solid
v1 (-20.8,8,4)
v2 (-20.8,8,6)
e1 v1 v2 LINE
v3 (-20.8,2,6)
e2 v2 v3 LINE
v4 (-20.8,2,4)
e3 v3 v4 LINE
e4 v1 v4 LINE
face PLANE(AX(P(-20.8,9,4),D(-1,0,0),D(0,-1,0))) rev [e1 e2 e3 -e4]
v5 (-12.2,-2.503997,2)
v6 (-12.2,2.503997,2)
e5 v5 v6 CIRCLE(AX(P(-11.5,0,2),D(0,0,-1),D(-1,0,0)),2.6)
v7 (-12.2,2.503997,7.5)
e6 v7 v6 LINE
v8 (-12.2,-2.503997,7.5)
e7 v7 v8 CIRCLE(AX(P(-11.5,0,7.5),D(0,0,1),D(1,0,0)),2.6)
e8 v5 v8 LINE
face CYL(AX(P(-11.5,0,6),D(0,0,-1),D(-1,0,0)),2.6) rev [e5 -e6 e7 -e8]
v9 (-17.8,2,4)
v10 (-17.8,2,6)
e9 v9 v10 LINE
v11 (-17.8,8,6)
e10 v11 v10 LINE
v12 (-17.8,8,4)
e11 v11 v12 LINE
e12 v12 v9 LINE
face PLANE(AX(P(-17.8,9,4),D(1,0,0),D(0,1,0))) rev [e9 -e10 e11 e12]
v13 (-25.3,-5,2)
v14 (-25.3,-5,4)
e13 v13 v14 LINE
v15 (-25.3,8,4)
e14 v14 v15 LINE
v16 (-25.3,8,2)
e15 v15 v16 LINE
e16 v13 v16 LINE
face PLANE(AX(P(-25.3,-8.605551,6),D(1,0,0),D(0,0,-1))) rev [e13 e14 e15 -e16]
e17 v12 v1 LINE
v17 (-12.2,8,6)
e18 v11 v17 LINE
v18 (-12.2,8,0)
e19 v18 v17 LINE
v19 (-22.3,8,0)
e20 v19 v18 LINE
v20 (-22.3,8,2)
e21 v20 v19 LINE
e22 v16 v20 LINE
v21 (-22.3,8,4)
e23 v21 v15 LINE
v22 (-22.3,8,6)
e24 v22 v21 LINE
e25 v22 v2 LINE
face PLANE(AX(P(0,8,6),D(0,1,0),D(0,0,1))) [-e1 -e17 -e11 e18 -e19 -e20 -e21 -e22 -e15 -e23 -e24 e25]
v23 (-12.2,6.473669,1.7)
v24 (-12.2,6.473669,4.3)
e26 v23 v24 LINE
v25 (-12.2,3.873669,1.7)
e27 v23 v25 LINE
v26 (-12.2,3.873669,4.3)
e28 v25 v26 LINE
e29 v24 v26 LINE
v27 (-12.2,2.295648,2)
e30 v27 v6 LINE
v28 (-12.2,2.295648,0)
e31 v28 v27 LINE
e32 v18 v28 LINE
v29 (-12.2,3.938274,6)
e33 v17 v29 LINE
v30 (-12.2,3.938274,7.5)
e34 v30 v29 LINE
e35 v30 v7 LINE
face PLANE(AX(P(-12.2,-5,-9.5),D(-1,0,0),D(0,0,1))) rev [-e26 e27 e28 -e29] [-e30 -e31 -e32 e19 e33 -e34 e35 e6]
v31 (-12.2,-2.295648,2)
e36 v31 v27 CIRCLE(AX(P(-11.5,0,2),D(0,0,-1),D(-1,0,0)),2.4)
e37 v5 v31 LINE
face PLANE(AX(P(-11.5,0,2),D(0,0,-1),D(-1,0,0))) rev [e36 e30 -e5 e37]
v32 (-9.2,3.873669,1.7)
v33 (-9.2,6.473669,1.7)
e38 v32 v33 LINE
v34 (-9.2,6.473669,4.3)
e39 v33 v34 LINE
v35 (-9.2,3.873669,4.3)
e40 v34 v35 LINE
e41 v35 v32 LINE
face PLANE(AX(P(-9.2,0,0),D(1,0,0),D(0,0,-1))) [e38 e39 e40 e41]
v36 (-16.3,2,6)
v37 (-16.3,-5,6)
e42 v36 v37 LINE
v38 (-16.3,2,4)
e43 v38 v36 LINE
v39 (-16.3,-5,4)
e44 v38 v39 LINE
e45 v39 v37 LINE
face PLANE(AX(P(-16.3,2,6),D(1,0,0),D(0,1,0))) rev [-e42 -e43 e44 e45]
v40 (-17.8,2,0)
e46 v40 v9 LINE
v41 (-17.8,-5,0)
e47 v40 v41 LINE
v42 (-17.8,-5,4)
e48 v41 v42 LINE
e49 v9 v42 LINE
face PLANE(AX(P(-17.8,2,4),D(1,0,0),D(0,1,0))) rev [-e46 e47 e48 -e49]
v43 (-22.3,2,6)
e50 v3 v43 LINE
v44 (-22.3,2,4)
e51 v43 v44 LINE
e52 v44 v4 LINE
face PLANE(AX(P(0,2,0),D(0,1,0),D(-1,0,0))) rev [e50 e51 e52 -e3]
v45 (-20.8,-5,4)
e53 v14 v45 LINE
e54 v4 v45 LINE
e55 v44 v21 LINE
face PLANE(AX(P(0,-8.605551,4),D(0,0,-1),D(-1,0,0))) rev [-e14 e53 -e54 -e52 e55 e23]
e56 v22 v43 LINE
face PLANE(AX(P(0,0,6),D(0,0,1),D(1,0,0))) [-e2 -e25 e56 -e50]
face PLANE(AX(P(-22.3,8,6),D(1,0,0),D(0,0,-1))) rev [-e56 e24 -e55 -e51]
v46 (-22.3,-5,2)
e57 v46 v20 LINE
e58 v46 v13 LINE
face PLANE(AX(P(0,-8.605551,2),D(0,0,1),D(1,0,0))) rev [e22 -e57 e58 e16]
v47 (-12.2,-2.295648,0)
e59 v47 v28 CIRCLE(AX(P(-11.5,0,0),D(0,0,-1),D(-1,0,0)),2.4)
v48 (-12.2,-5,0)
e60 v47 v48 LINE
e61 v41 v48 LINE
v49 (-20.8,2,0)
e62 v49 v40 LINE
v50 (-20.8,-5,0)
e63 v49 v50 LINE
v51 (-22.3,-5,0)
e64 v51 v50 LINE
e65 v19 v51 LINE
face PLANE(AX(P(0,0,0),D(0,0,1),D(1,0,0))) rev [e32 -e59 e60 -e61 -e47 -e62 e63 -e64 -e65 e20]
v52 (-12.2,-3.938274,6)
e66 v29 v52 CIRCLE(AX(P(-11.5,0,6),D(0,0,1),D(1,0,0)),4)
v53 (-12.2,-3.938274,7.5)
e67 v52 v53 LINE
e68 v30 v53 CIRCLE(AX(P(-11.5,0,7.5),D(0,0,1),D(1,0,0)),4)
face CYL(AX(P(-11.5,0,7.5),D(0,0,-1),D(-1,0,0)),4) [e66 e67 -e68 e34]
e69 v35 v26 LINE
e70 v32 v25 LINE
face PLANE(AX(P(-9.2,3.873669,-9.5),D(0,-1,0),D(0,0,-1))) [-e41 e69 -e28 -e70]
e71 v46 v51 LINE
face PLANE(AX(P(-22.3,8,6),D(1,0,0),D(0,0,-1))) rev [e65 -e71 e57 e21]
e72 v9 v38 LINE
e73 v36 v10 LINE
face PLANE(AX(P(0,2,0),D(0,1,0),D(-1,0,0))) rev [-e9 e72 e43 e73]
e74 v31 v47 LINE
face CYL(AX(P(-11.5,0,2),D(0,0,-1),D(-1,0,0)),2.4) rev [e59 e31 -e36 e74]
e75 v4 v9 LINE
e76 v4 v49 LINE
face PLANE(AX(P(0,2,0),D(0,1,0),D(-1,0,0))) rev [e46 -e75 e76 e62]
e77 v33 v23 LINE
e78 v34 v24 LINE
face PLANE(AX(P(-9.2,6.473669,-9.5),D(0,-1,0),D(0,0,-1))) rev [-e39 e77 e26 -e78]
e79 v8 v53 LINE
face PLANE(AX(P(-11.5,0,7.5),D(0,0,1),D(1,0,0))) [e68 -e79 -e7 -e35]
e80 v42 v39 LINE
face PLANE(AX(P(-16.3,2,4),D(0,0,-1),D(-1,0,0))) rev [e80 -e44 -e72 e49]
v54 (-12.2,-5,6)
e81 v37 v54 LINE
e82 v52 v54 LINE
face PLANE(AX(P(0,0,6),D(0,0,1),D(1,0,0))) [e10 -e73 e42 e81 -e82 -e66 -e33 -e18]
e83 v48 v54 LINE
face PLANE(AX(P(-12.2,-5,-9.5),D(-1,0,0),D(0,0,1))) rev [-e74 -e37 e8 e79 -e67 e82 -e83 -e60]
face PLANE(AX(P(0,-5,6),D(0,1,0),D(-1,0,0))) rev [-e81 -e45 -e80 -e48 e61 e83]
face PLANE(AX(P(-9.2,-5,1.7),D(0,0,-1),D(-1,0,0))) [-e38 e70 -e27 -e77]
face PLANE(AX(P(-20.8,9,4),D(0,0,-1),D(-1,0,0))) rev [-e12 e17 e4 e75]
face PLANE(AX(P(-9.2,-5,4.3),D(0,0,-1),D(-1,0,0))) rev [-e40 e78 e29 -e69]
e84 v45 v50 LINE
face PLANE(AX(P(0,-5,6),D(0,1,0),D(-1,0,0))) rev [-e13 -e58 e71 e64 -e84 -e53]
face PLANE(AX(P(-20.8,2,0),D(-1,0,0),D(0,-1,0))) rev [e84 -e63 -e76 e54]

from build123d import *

# Parameters (mm, degrees)
SKETCH1_R            = 1
BOSS_EXTRUDE1_DEPTH  = 6
SKETCH2_R            = 2.6
CUT_EXTRUDE1_DEPTH   = 6
SKETCH3_W            = 7.6
SKETCH3_H            = 13
BOSS_EXTRUDE2_DEPTH  = 6
BOSS_EXTRUDE5_START  = -5
SKETCH6_W            = 3
SKETCH6_H            = 2
BOSS_EXTRUDE5_DEPTH  = 13
SKETCH10_R           = 4
SKETCH10_R_2         = 2.6
BOSS_EXTRUDE6_DEPTH  = 1.5
SKETCH12_R           = 2.6
SKETCH12_R_2         = 2.4
BOSS_EXTRUDE7_DEPTH  = 2
CUT_EXTRUDE2_DEPTH   = 7
SKETCH14_W           = 3
SKETCH14_H           = 2
CUT_EXTRUDE3_DEPTH   = 7
SKETCH15_W           = 0.2
SKETCH15_H           = 13
CUT_EXTRUDE4_DEPTH   = 9.5
SKETCH16_W           = 3
SKETCH16_H           = 3
CUT_EXTRUDE5_DEPTH   = 3
BOSS_EXTRUDE8_START  = 0.2
SKETCH16_3_W         = 2.6
SKETCH16_3_H         = 2.6
BOSS_EXTRUDE8_DEPTH  = 3
BOSS_EXTRUDE9_START  = -24.2
SKETCH16_4_W         = 2.6
SKETCH16_4_H         = 2.6
BOSS_EXTRUDE9_DEPTH  = 3
SKETCH17_W           = 29.7
SKETCH17_H           = 13
CUT_EXTRUDE6_DEPTH   = 10
SKETCH18_W           = 2.6
SKETCH18_H           = 2.6
BOSS_EXTRUDE10_DEPTH = 3


with BuildPart() as part:
    # Sketch1 → Boss-Extrude1 (new body)
    with BuildSketch(Plane.XY):
        with BuildLine():
            ThreePointArc((3.75, -5), (4.47902769, -4.358991965), (5.1, -3.61282438))
            Line((5.1, -3.61282438), (5.1, 3.61282438))
            ThreePointArc((5.1, 3.61282438), (0, 6.25), (-5.1, 3.61282438))
            Line((-5.1, 3.61282438), (-5.1, -3.61282438))
            ThreePointArc((-5.1, -3.61282438), (-4.47902769, -4.358991965), (-3.75, -5))
            Line((-3.75, -5), (-14.7, -5))
            Line((-14.7, -5), (-14.7, 8))
            Line((-14.7, 8), (14.7, 8))
            Line((14.7, 8), (14.7, -5))
            Line((14.7, -5), (3.75, -5))
        make_face()
        with Locations((11.5, 0)):
            Circle(SKETCH1_R, mode=Mode.SUBTRACT)
        with Locations((-11.5, 0)):
            Circle(SKETCH1_R, mode=Mode.SUBTRACT)
    extrude(amount=BOSS_EXTRUDE1_DEPTH)

    # Sketch2 → Cut-Extrude1 (cut)
    with BuildSketch(Plane.XY):
        with Locations((-11.5, 0)):
            Circle(SKETCH2_R)
        with Locations((11.5, 0)):
            Circle(SKETCH2_R)
    extrude(amount=CUT_EXTRUDE1_DEPTH, mode=Mode.SUBTRACT)

    # Sketch3 → Boss-Extrude2 (add)
    with BuildSketch(Plane.XY):
        with Locations((-18.5, 1.5)):
            Rectangle(SKETCH3_W, SKETCH3_H)
    extrude(amount=BOSS_EXTRUDE2_DEPTH)

    # Sketch6 → Boss-Extrude5 (add)
    with BuildSketch(Plane(origin=(0, 0, 0), x_dir=(1, 0, 0), z_dir=(0, 1, 0)).offset(BOSS_EXTRUDE5_START)):
        with Locations((-23.8, -3)):
            Rectangle(SKETCH6_W, SKETCH6_H)
        with Locations((16.2, -3)):
            Rectangle(SKETCH6_W, SKETCH6_H)
    extrude(amount=BOSS_EXTRUDE5_DEPTH)

    # Sketch10 → Boss-Extrude6 (add)
    with BuildSketch(Plane.XY.offset(6)):
        with Locations((-11.5, 0)):
            Circle(SKETCH10_R)
        with Locations((-11.5, 0)):
            Circle(SKETCH10_R_2, mode=Mode.SUBTRACT)
        with BuildLine():
            Line((14.7, 2.4), (14.7, -2.4))
            ThreePointArc((14.7, -2.4), (7.5, 0), (14.7, 2.4))
        make_face()
        with Locations((11.5, 0)):
            Circle(SKETCH10_R_2, mode=Mode.SUBTRACT)
    extrude(amount=BOSS_EXTRUDE6_DEPTH)

    # Sketch12 → Boss-Extrude7 (add)
    with BuildSketch(Plane(origin=(0, 0, 0), x_dir=(-1, 0, 0), z_dir=(0, 0, -1))):
        with Locations((11.5, 0)):
            Circle(SKETCH12_R)
        with Locations((11.5, 0)):
            Circle(SKETCH12_R_2, mode=Mode.SUBTRACT)
        with Locations((-11.5, 0)):
            Circle(SKETCH12_R)
        with Locations((-11.5, 0)):
            Circle(SKETCH12_R_2, mode=Mode.SUBTRACT)
    extrude(amount=-BOSS_EXTRUDE7_DEPTH)

    # Sketch13 → Cut-Extrude2 (cut)
    with BuildSketch(Plane.XZ.offset(5)):
        Polygon((-22.3, 6), (-16.3, 6), (-16.3, 4), (-17.8, 4), (-17.8, 0), (-20.8, 0), (-20.8, 4), (-22.3, 4), align=None)
    extrude(amount=-CUT_EXTRUDE2_DEPTH, mode=Mode.SUBTRACT)

    # Sketch14 → Cut-Extrude3 (cut)
    with BuildSketch(Plane.XZ.offset(-2)):
        with Locations((-19.3, 5)):
            Rectangle(SKETCH14_W, SKETCH14_H)
    extrude(amount=-CUT_EXTRUDE3_DEPTH, mode=Mode.SUBTRACT)

    # Sketch15 → Cut-Extrude4 (cut, symmetric)
    with BuildSketch(Plane.XY):
        with Locations((-12.1, 1.5)):
            Rectangle(SKETCH15_W, SKETCH15_H)
        with Locations((12.1, 1.5)):
            Rectangle(SKETCH15_W, SKETCH15_H)
    extrude(amount=CUT_EXTRUDE4_DEPTH, both=True, mode=Mode.SUBTRACT)

    # Sketch16 → Cut-Extrude5 (cut)
    with BuildSketch(Plane.ZY.offset(12)):
        with Locations((3, 5.173669459)):
            Rectangle(SKETCH16_W, SKETCH16_H)
    cut_extrude5 = extrude(amount=-CUT_EXTRUDE5_DEPTH, mode=Mode.SUBTRACT)

    # Mirror1: Cut-Extrude5 across plane
    add(cut_extrude5.mirror(Plane(origin=(0, 0, 0), x_dir=(0, 0, 1), z_dir=(1, 0, 0))), mode=Mode.SUBTRACT)

    # Sketch16<3> → Boss-Extrude8 (add)
    with BuildSketch(Plane.ZY.offset(12).offset(BOSS_EXTRUDE8_START)):
        with Locations((3, 5.173669459)):
            Rectangle(SKETCH16_3_W, SKETCH16_3_H)
    extrude(amount=-BOSS_EXTRUDE8_DEPTH)

    # Sketch16<4> → Boss-Extrude9 (add)
    with BuildSketch(Plane.ZY.offset(12).offset(BOSS_EXTRUDE9_START)):
        with Locations((3, 5.173669459)):
            Rectangle(SKETCH16_4_W, SKETCH16_4_H)
    extrude(amount=BOSS_EXTRUDE9_DEPTH)

    # Sketch17 → Cut-Extrude6 (cut)
    with BuildSketch(Plane.XY):
        with Locations((2.85, 1.5)):
            Rectangle(SKETCH17_W, SKETCH17_H)
    extrude(amount=CUT_EXTRUDE6_DEPTH, mode=Mode.SUBTRACT)

    # Sketch18 → Boss-Extrude10 (add)
    with BuildSketch(Plane(origin=(-12.2, 0, 0), x_dir=(0, 0, -1), z_dir=(1, 0, 0))):
        with Locations((-3, 5.173669459)):
            Rectangle(SKETCH18_W, SKETCH18_H)
    extrude(amount=BOSS_EXTRUDE10_DEPTH)


solid = part.part
